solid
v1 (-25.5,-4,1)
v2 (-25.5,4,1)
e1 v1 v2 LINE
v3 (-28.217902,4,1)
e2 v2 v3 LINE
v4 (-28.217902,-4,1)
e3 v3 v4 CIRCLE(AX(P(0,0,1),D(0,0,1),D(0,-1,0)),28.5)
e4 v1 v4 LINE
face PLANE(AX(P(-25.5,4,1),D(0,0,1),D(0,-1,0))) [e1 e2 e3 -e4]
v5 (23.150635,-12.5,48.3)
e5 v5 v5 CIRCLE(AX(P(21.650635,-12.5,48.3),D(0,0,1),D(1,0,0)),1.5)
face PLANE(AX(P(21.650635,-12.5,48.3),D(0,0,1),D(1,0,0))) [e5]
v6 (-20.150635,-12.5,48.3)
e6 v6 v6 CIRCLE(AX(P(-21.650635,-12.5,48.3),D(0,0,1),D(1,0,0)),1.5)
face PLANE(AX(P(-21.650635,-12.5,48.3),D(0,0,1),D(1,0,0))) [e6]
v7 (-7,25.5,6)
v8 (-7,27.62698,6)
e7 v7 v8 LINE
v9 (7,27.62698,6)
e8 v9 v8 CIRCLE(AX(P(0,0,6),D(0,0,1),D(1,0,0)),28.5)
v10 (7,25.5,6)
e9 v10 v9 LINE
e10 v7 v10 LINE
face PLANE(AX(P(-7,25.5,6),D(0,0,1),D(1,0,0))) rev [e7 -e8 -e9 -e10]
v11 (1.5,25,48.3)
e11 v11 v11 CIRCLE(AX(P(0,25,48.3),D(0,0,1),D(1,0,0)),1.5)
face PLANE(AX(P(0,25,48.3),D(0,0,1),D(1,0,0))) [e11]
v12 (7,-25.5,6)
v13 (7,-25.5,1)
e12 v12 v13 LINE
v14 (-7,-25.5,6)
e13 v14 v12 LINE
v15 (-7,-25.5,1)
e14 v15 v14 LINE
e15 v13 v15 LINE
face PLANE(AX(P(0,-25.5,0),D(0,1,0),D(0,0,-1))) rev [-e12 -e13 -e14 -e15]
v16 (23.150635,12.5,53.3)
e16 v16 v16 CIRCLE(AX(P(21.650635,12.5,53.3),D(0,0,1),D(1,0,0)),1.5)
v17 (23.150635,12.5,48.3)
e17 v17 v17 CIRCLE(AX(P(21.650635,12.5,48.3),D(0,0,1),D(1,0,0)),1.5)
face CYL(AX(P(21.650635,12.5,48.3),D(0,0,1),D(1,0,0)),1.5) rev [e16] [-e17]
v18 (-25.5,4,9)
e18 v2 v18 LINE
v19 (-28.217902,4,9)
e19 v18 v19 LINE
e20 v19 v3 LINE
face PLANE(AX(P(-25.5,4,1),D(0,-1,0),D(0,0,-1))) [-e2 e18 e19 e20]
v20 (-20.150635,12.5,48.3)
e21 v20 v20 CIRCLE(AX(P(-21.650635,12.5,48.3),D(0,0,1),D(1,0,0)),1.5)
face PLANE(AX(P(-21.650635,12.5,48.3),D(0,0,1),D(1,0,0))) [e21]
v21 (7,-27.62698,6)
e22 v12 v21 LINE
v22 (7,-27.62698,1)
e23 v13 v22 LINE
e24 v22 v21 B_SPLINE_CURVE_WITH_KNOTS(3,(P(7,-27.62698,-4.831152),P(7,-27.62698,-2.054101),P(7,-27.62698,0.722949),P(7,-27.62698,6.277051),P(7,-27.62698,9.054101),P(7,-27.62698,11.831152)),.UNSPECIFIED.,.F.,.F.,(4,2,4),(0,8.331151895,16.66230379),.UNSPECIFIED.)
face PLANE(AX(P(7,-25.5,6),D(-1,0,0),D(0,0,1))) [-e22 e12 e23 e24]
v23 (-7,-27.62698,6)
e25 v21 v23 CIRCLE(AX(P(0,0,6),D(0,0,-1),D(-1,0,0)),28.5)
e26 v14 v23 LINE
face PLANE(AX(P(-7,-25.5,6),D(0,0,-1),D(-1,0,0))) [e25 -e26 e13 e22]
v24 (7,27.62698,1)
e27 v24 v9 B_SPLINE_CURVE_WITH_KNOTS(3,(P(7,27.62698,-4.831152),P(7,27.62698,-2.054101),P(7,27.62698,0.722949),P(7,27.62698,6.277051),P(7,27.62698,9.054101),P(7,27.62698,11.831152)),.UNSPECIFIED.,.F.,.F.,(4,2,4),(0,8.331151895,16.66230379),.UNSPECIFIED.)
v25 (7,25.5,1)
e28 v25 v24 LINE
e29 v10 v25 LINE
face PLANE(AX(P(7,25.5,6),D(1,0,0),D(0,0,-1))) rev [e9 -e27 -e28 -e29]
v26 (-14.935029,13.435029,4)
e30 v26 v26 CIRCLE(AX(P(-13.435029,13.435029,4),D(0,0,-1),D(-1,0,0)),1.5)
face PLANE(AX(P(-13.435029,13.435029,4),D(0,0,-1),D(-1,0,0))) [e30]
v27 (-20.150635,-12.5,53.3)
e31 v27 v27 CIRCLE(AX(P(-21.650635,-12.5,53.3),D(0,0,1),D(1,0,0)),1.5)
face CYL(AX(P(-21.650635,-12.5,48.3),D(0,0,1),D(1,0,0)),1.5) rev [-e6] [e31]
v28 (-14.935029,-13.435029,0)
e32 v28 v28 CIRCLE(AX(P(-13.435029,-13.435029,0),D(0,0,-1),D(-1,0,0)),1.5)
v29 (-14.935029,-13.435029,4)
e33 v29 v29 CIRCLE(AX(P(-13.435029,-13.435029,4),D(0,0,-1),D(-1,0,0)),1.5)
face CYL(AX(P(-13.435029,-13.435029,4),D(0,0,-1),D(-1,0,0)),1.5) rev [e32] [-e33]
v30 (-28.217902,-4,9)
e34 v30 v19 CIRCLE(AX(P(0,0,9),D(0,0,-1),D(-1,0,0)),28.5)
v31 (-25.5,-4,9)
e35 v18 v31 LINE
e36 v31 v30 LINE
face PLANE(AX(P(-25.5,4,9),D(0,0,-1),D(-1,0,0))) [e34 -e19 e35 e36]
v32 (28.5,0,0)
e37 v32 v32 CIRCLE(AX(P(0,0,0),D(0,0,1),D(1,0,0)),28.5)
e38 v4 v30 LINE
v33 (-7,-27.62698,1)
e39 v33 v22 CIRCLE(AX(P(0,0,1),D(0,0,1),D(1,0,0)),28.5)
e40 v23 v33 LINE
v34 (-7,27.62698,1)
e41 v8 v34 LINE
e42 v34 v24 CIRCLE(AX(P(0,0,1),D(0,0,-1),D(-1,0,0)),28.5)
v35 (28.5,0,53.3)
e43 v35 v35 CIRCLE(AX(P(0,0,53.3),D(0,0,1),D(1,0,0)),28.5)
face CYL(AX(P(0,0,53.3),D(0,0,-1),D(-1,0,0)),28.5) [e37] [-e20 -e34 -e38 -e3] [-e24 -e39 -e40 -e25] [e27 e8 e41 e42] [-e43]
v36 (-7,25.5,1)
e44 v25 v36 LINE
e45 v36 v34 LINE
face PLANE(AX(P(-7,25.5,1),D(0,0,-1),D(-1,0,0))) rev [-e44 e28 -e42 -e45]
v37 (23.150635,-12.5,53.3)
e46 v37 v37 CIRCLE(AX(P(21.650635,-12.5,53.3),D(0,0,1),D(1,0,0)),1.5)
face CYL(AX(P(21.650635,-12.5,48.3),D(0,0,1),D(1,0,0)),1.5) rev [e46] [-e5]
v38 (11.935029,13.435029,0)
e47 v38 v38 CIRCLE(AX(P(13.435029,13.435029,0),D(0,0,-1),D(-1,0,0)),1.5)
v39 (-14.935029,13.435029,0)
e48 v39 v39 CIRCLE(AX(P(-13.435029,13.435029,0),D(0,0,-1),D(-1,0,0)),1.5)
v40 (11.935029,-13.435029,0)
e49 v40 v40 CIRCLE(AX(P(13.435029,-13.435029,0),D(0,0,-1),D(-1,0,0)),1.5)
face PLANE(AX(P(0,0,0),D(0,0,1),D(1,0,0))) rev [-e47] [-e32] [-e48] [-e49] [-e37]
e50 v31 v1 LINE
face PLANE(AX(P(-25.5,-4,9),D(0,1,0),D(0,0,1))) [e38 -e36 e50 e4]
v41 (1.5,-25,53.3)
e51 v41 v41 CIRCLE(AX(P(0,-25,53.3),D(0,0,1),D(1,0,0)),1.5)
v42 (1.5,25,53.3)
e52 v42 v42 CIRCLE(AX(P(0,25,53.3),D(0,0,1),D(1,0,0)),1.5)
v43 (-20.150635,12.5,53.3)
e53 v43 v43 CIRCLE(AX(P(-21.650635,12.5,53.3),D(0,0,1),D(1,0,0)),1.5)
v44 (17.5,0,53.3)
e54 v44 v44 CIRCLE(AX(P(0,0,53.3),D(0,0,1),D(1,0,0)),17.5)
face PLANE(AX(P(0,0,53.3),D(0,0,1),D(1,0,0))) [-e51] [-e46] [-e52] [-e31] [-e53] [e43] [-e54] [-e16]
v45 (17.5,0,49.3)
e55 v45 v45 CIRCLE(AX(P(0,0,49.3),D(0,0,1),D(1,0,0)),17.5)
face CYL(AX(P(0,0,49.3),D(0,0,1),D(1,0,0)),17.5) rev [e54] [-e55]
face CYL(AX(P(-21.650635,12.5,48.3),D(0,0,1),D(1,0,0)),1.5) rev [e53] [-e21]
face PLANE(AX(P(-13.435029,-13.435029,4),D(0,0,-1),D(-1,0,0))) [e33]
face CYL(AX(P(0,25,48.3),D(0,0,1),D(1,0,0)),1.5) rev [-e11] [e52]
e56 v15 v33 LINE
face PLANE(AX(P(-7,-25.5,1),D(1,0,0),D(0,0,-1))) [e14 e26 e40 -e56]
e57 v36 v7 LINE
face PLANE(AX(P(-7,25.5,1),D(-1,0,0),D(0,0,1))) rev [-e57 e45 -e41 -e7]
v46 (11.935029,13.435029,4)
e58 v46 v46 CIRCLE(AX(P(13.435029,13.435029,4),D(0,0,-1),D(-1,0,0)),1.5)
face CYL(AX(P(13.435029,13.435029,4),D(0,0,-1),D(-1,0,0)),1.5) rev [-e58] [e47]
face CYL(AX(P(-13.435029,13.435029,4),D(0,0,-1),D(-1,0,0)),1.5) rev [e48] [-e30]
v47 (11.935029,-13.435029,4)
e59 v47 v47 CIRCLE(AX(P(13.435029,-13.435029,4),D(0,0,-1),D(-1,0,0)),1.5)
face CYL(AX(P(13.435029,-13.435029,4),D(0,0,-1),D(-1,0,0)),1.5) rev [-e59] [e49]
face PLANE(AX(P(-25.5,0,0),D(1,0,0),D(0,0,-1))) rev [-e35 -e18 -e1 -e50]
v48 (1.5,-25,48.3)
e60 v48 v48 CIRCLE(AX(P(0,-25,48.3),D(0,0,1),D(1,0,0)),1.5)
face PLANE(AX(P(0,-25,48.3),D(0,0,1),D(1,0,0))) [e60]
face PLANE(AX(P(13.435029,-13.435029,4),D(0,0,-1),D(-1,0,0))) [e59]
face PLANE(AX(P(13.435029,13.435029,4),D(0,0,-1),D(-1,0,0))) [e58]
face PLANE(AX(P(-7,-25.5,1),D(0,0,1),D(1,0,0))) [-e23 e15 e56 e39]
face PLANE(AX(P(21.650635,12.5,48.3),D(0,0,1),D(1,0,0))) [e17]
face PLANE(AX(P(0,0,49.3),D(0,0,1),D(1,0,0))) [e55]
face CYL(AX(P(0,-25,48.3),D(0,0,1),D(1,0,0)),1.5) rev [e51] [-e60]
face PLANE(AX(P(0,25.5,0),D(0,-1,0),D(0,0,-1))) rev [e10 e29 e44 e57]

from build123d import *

# Parameters (mm, degrees)
SKETCH_1_R          = 28.5
EXTRUDE_1_DEPTH     = 53.3
SKETCH_2_R          = 17.5
CUT_EXTRUDE_2_DEPTH = 4
SKETCH_2_5_R        = 1.5
CUT_EXTRUDE_3_DEPTH = 5
SKETCH_4_R          = 1.5
CUT_EXTRUDE_4_DEPTH = 4
SKETCH_9_W          = 14
SKETCH_9_H          = 5
CUT_EXTRUDE_6_DEPTH = 3
SKETCH_10_W         = 8
SKETCH_10_H         = 8
CUT_EXTRUDE_7_DEPTH = 3


with BuildPart() as part:
    # 草图1 → 凸台-拉伸1 (new body)
    with BuildSketch(Plane.XY):
        Circle(SKETCH_1_R)
    extrude(amount=EXTRUDE_1_DEPTH)

    # 草图2 → 切除-拉伸2 (cut)
    with BuildSketch(Plane.XY.offset(53.3)):
        Circle(SKETCH_2_R)
    extrude(amount=-CUT_EXTRUDE_2_DEPTH, mode=Mode.SUBTRACT)

    # 草图2<5> → 切除-拉伸3 (cut)
    with BuildSketch(Plane.XY.offset(53.3)):
        with Locations((0, 25)):
            Circle(SKETCH_2_5_R)
        with Locations((21.650635095, 12.5)):
            Circle(SKETCH_2_5_R)
        with Locations((21.650635095, -12.5)):
            Circle(SKETCH_2_5_R)
        with Locations((0, -25)):
            Circle(SKETCH_2_5_R)
        with Locations((-21.650635095, -12.5)):
            Circle(SKETCH_2_5_R)
        with Locations((-21.650635095, 12.5)):
            Circle(SKETCH_2_5_R)
    extrude(amount=-CUT_EXTRUDE_3_DEPTH, mode=Mode.SUBTRACT)

    # 草图4 → 切除-拉伸4 (cut)
    with BuildSketch(Plane(origin=(0, 0, 0), x_dir=(-1, 0, 0), z_dir=(0, 0, -1))):
        with Locations((13.435028843, 13.435028843)):
            Circle(SKETCH_4_R)
        with Locations((-13.435028843, 13.435028843)):
            Circle(SKETCH_4_R)
        with Locations((13.435028843, -13.435028843)):
            Circle(SKETCH_4_R)
        with Locations((-13.435028843, -13.435028843)):
            Circle(SKETCH_4_R)
    extrude(amount=-CUT_EXTRUDE_4_DEPTH, mode=Mode.SUBTRACT)

    # 草图9 → 切除-拉伸6 (cut)
    with BuildSketch(Plane(origin=(0, 28.5, 0), x_dir=(1, 0, 0), z_dir=(0, 1, 0))):
        with Locations((0, -3.5)):
            Rectangle(SKETCH_9_W, SKETCH_9_H)
    cut_extrude_6 = extrude(amount=-CUT_EXTRUDE_6_DEPTH, mode=Mode.SUBTRACT)

    # 镜向1: 切除-拉伸6 across plane
    add(cut_extrude_6.mirror(Plane.ZX), mode=Mode.SUBTRACT)

    # 草图10 → 切除-拉伸7 (cut)
    with BuildSketch(Plane(origin=(-28.5, 0, 0), x_dir=(0, 0, -1), z_dir=(1, 0, 0))):
        with Locations((-5, 0)):
            Rectangle(SKETCH_10_W, SKETCH_10_H)
    extrude(amount=CUT_EXTRUDE_7_DEPTH, mode=Mode.SUBTRACT)


solid = part.part
